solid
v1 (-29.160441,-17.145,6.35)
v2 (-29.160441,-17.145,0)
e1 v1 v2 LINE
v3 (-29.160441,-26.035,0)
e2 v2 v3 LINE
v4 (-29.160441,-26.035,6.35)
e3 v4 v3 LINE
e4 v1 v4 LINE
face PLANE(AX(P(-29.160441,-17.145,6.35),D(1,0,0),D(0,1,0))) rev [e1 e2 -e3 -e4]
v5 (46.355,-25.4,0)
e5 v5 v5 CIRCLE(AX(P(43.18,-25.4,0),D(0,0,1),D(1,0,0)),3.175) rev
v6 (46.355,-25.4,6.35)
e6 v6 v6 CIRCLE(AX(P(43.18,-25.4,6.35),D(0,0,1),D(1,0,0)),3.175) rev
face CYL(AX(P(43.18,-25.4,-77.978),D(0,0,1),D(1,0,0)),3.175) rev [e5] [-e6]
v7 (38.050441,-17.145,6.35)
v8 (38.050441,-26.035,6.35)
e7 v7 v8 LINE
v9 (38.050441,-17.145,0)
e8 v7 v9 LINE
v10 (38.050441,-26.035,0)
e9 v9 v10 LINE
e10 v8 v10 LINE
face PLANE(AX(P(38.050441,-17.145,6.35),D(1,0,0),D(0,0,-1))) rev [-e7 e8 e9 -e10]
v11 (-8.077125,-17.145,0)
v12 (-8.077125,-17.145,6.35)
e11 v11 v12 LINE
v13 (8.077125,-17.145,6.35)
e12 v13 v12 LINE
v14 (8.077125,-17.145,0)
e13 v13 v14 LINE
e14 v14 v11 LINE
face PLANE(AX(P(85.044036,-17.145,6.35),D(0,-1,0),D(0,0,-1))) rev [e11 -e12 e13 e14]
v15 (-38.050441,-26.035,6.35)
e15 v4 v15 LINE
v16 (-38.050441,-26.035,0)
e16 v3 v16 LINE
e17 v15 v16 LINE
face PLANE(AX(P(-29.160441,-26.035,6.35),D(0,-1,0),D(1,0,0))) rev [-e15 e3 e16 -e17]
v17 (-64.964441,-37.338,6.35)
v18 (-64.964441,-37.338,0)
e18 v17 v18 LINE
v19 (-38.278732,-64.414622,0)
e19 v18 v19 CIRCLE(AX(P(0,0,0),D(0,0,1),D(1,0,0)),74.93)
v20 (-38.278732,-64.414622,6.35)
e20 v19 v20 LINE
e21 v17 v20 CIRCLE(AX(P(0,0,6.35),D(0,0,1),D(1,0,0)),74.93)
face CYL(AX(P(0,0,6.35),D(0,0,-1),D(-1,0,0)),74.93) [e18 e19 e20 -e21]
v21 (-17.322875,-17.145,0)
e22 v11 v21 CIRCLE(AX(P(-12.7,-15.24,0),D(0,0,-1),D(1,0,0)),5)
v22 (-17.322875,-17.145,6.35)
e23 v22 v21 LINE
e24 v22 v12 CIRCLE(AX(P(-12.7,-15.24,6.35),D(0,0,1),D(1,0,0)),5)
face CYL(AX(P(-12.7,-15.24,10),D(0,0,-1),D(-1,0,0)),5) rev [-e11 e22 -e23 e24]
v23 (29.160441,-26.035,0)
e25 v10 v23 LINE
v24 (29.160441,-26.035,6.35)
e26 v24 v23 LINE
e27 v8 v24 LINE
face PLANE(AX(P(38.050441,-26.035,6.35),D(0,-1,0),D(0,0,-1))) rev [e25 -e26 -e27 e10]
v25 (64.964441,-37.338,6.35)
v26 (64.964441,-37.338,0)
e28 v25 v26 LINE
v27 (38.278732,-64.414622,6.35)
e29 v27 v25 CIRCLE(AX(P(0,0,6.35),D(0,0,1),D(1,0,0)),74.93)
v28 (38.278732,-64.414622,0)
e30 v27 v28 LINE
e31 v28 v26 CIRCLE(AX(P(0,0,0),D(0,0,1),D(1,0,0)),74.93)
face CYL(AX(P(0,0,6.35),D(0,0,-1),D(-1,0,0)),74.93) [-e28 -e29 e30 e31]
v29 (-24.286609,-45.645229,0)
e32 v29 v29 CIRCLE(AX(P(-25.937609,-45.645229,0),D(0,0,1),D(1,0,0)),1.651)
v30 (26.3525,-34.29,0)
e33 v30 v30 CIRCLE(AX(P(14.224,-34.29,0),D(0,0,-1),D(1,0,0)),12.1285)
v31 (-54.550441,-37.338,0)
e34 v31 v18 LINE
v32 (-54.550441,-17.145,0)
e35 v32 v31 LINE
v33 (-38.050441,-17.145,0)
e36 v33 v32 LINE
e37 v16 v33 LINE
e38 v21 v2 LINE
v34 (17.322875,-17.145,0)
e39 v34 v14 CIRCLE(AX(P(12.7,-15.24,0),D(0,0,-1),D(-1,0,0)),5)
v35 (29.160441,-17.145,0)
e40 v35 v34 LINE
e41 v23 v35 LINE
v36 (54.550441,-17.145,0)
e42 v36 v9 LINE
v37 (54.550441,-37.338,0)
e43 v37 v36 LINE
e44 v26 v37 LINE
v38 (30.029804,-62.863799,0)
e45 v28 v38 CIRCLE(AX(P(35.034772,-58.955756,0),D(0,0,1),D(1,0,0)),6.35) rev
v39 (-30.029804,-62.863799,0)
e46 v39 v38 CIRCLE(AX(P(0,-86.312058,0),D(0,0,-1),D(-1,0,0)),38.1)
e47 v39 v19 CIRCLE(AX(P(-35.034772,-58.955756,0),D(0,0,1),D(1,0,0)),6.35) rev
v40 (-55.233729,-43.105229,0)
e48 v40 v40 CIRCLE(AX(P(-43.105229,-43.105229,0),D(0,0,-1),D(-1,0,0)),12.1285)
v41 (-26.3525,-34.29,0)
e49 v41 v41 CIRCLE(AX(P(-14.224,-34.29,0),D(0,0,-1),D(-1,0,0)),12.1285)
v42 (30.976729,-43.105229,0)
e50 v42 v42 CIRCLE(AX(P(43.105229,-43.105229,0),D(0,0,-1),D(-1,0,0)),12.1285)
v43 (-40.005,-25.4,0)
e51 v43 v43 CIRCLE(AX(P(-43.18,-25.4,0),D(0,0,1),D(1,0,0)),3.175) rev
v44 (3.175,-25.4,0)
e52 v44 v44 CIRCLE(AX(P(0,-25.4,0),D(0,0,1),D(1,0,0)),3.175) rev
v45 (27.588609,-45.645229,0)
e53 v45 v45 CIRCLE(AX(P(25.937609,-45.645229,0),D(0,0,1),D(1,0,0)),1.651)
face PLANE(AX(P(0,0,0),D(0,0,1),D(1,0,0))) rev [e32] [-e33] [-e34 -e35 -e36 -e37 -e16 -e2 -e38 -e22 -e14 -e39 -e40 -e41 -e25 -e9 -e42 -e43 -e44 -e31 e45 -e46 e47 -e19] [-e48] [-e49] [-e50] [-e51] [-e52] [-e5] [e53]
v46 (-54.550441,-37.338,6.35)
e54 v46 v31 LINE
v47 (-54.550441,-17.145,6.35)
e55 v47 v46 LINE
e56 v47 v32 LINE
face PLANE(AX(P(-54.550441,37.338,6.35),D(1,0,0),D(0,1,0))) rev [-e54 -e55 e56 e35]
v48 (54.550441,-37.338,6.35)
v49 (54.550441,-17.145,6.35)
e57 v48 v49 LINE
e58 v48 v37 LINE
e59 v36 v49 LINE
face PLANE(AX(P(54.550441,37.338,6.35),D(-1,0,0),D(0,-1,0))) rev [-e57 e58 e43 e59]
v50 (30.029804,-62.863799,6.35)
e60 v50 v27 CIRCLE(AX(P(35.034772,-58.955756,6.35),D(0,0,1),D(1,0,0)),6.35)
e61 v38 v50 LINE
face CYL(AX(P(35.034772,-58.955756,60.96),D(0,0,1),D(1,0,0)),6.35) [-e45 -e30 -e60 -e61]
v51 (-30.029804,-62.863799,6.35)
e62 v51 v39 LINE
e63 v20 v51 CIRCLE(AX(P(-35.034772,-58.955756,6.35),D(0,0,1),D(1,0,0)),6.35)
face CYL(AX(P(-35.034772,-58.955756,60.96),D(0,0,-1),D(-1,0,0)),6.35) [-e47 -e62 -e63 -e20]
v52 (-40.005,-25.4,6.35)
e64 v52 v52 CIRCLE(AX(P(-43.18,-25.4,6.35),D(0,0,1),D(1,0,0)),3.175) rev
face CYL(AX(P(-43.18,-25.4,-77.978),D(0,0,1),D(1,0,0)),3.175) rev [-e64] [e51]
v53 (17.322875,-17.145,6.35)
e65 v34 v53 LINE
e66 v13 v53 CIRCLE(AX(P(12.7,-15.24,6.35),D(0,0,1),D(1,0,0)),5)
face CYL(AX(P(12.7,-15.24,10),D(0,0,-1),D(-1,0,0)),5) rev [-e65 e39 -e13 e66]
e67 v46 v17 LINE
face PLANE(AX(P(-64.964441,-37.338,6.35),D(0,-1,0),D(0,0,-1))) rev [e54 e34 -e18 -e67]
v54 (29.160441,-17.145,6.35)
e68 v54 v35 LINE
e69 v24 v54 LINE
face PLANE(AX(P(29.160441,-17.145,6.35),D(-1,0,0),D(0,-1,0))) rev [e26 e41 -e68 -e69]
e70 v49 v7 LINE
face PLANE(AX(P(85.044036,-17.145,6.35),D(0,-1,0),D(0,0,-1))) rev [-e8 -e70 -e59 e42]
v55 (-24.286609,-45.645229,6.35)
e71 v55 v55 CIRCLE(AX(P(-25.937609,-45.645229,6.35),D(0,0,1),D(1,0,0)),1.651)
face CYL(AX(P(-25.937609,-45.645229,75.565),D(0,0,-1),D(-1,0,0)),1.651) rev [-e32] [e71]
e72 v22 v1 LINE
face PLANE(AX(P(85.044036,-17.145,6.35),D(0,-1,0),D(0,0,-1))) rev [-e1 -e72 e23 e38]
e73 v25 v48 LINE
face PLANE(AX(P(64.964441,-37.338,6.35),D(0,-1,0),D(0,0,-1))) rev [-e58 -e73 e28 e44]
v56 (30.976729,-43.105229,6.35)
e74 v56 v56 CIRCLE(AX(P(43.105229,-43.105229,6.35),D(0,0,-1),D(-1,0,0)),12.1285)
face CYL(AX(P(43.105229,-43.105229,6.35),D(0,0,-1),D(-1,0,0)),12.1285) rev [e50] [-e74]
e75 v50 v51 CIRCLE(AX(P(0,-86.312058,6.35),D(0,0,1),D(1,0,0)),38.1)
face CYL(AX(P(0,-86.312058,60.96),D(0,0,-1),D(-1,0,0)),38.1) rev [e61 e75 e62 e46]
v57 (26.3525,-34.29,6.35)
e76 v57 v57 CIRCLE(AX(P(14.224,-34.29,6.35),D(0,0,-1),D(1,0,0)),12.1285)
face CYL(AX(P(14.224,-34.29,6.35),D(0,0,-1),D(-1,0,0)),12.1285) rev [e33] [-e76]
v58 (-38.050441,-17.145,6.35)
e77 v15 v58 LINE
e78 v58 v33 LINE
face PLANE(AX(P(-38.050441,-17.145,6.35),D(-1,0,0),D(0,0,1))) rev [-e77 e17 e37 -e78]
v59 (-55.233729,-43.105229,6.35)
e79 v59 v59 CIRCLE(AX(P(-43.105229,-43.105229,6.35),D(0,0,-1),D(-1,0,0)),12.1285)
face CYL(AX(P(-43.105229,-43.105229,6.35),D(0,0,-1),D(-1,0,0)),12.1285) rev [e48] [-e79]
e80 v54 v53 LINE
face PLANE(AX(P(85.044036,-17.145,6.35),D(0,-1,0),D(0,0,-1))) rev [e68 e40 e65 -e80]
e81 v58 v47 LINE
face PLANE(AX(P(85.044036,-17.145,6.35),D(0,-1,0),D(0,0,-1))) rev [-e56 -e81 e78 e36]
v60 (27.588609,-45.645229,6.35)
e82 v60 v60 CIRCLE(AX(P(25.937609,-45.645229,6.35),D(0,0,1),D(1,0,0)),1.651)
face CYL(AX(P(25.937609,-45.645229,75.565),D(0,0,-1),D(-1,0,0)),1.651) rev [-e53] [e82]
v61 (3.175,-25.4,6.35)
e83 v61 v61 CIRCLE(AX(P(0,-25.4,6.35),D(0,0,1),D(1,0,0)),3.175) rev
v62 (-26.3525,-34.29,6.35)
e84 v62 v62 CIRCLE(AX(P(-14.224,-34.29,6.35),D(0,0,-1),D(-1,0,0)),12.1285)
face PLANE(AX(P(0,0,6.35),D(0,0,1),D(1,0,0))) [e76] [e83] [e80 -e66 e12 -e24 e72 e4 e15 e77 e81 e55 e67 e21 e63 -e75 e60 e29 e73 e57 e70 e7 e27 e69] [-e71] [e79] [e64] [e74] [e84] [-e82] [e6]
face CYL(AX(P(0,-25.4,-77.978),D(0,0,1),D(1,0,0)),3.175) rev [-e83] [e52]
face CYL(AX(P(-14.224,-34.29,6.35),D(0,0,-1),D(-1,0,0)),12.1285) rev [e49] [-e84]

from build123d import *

# Parameters (mm, degrees)
SKETCH1_R                 = 1.651
BOSS_EXTRUDE2_DEPTH       = 6.35
SKETCH2_R                 = 1.143
CUT_EXTRUDE1_DEPTH        = 7.35
SKETCH3_R                 = 12.1285
CUT_EXTRUDE2_DEPTH        = 7.35
SKETCH4_W                 = 28.562713242
SKETCH4_H                 = 11.677503754
BOSS_EXTRUDE3_DEPTH       = 6.35
SKETCH5_W                 = 216.7214489
SKETCH5_H                 = 130.569220634
CUT_EXTRUDE4_DEPTH        = 7.35
SKETCH6_R                 = 38.1
CUT_EXTRUDE5_DEPTH        = 60.96
FILLET1_R                 = 6.35
FILLET2_R                 = 6.35
SKETCH102_W               = 8.89
SKETCH102_H               = 8.89
CUT_EXTRUDE101_DEPTH      = 7.3500001
SKETCH105_R               = 5
CUT_EXTRUDE104_DEPTH      = 10
SKETCH106_R               = 3.175
CUT_EXTRUDE105_DEPTH      = 103.378
CUT_EXTRUDE105_DEPTH_BACK = 1
SKETCH158_R               = 1.651
CUT_EXTRUDE157_DEPTH      = 97.79


with BuildPart() as part:
    # Sketch1 → Boss-Extrude2 (new body)
    with BuildSketch(Plane.XY):
        with BuildLine():
            Line((-64.964441474, 37.338), (-54.550441474, 37.338))
            Line((-54.550441474, 37.338), (-54.550441474, -37.338))
            Line((-54.550441474, -37.338), (-64.964441474, -37.338))
            ThreePointArc((-64.964441474, -37.338), (0, -74.93), (64.964441474, -37.338))
            Line((64.964441474, -37.338), (54.550441474, -37.338))
            Line((54.550441474, -37.338), (54.550441474, 37.338))
            Line((54.550441474, 37.338), (64.964441474, 37.338))
            ThreePointArc((64.964441474, 37.338), (0, 74.93), (-64.964441474, 37.338))
        make_face()
        with Locations((-46.482, 11.049)):
            Circle(SKETCH1_R, mode=Mode.SUBTRACT)
        with Locations((-21.083270032, 10.795)):
            Circle(SKETCH1_R, mode=Mode.SUBTRACT)
        with Locations((-21.083270032, -10.795)):
            Circle(SKETCH1_R, mode=Mode.SUBTRACT)
        with Locations((-46.482, -11.049)):
            Circle(SKETCH1_R, mode=Mode.SUBTRACT)
        with Locations((46.482, -11.049)):
            Circle(SKETCH1_R, mode=Mode.SUBTRACT)
        with Locations((21.083270032, -10.795)):
            Circle(SKETCH1_R, mode=Mode.SUBTRACT)
        with Locations((21.083270032, 10.795)):
            Circle(SKETCH1_R, mode=Mode.SUBTRACT)
        with Locations((46.482, 11.049)):
            Circle(SKETCH1_R, mode=Mode.SUBTRACT)
    extrude(amount=BOSS_EXTRUDE2_DEPTH)

    # Sketch2 → Cut-Extrude1 (cut, through all)
    with BuildSketch(Plane.XY.offset(6.35)):
        with Locations((-6.731, 62.23)):
            Circle(SKETCH2_R)
        with Locations((6.731, 62.23)):
            Circle(SKETCH2_R)
    extrude(amount=-CUT_EXTRUDE1_DEPTH, mode=Mode.SUBTRACT)

    # Sketch3 → Cut-Extrude2 (cut, through all)
    with BuildSketch(Plane(origin=(0, 0, 0), x_dir=(-1, 0, 0), z_dir=(0, 0, -1))):
        with Locations((-43.105229381, -43.105229381)):
            Circle(SKETCH3_R)
        with Locations((14.224, -34.29)):
            Circle(SKETCH3_R)
        with Locations((14.224, 34.29)):
            Circle(SKETCH3_R)
        with Locations((-43.105229381, 43.105229381)):
            Circle(SKETCH3_R)
        with Locations((43.105229381, 43.105229381)):
            Circle(SKETCH3_R)
        with Locations((-14.224, 34.29)):
            Circle(SKETCH3_R)
        with Locations((-14.224, -34.29)):
            Circle(SKETCH3_R)
        with Locations((43.105229381, -43.105229381)):
            Circle(SKETCH3_R)
    extrude(amount=-CUT_EXTRUDE2_DEPTH, mode=Mode.SUBTRACT)

    # Sketch4 → Boss-Extrude3 (add)
    with BuildSketch(Plane(origin=(0, 0, 0), x_dir=(-1, 0, 0), z_dir=(0, 0, -1))):
        with Locations((-1.488809975, 62.152540216)):
            Rectangle(SKETCH4_W, SKETCH4_H)
    extrude(amount=-BOSS_EXTRUDE3_DEPTH)

    # Sketch5 → Cut-Extrude4 (cut, through all)
    with BuildSketch(Plane(origin=(0, 0, 0), x_dir=(-1, 0, 0), z_dir=(0, 0, -1))):
        with Locations((23.316688373, 48.139610317)):
            Rectangle(SKETCH5_W, SKETCH5_H)
    extrude(amount=-CUT_EXTRUDE4_DEPTH, mode=Mode.SUBTRACT)

    # Sketch6 → Cut-Extrude5 (cut)
    with BuildSketch(Plane(origin=(0, 0, 0), x_dir=(-1, 0, 0), z_dir=(0, 0, -1))):
        with Locations((0, -86.312058398)):
            Circle(SKETCH6_R)
    extrude(amount=-CUT_EXTRUDE5_DEPTH, mode=Mode.SUBTRACT)

    # Fillet1
    fillet1_edges = [part.edges().sort_by_distance(p)[0] for p in [
        (-33.000960548, -67.271401821, 3.175),
    ]]
    fillet(fillet1_edges, radius=FILLET1_R)

    # Fillet2
    fillet2_edges = [part.edges().sort_by_distance(p)[0] for p in [
        (33.000960548, -67.271401821, 3.175),
    ]]
    fillet(fillet2_edges, radius=FILLET2_R)

    # Sketch102 → Cut-Extrude101 (cut, through all)
    with BuildSketch(Plane(origin=(0, 0, 0), x_dir=(-1, 0, 0), z_dir=(0, 0, -1))):
        with Locations((-33.605441474, -21.59)):
            Rectangle(SKETCH102_W, SKETCH102_H)
        with Locations((33.605441474, -21.59)):
            Rectangle(SKETCH102_W, SKETCH102_H)
    extrude(amount=-CUT_EXTRUDE101_DEPTH, mode=Mode.SUBTRACT)

    # Sketch105 → Cut-Extrude104 (cut)
    with BuildSketch(Plane(origin=(0, 0, 0), x_dir=(-1, 0, 0), z_dir=(0, 0, -1))):
        with Locations((-12.7, -15.24)):
            Circle(SKETCH105_R)
        with Locations((12.7, -15.24)):
            Circle(SKETCH105_R)
    extrude(amount=-CUT_EXTRUDE104_DEPTH, mode=Mode.SUBTRACT)

    # Sketch106 → Cut-Extrude105 (cut, two sides)
    with BuildSketch(Plane(origin=(30.092005081, 4.08352975, 25.4), x_dir=(-1, 0, 0), z_dir=(0, 0, -1))) as cut_extrude105_sk:
        with Locations((73.272005081, -29.48352975)):
            Circle(SKETCH106_R)
        with Locations((30.092005081, -29.48352975)):
            Circle(SKETCH106_R)
        with Locations((-13.087994919, -29.48352975)):
            Circle(SKETCH106_R)
    extrude(amount=CUT_EXTRUDE105_DEPTH, mode=Mode.SUBTRACT)
    extrude(cut_extrude105_sk.sketch, amount=-CUT_EXTRUDE105_DEPTH_BACK, mode=Mode.SUBTRACT)

    # Sketch158 → Cut-Extrude157 (cut)
    with BuildSketch(Plane(origin=(30.092005081, 4.08352975, -22.225), x_dir=(-1, 0, 0), z_dir=(0, 0, -1))):
        with Locations((4.154396091, -49.728759131)):
            Circle(SKETCH158_R)
        with Locations((56.02961407, -49.728759131)):
            Circle(SKETCH158_R)
    extrude(amount=-CUT_EXTRUDE157_DEPTH, mode=Mode.SUBTRACT)


solid = part.part
